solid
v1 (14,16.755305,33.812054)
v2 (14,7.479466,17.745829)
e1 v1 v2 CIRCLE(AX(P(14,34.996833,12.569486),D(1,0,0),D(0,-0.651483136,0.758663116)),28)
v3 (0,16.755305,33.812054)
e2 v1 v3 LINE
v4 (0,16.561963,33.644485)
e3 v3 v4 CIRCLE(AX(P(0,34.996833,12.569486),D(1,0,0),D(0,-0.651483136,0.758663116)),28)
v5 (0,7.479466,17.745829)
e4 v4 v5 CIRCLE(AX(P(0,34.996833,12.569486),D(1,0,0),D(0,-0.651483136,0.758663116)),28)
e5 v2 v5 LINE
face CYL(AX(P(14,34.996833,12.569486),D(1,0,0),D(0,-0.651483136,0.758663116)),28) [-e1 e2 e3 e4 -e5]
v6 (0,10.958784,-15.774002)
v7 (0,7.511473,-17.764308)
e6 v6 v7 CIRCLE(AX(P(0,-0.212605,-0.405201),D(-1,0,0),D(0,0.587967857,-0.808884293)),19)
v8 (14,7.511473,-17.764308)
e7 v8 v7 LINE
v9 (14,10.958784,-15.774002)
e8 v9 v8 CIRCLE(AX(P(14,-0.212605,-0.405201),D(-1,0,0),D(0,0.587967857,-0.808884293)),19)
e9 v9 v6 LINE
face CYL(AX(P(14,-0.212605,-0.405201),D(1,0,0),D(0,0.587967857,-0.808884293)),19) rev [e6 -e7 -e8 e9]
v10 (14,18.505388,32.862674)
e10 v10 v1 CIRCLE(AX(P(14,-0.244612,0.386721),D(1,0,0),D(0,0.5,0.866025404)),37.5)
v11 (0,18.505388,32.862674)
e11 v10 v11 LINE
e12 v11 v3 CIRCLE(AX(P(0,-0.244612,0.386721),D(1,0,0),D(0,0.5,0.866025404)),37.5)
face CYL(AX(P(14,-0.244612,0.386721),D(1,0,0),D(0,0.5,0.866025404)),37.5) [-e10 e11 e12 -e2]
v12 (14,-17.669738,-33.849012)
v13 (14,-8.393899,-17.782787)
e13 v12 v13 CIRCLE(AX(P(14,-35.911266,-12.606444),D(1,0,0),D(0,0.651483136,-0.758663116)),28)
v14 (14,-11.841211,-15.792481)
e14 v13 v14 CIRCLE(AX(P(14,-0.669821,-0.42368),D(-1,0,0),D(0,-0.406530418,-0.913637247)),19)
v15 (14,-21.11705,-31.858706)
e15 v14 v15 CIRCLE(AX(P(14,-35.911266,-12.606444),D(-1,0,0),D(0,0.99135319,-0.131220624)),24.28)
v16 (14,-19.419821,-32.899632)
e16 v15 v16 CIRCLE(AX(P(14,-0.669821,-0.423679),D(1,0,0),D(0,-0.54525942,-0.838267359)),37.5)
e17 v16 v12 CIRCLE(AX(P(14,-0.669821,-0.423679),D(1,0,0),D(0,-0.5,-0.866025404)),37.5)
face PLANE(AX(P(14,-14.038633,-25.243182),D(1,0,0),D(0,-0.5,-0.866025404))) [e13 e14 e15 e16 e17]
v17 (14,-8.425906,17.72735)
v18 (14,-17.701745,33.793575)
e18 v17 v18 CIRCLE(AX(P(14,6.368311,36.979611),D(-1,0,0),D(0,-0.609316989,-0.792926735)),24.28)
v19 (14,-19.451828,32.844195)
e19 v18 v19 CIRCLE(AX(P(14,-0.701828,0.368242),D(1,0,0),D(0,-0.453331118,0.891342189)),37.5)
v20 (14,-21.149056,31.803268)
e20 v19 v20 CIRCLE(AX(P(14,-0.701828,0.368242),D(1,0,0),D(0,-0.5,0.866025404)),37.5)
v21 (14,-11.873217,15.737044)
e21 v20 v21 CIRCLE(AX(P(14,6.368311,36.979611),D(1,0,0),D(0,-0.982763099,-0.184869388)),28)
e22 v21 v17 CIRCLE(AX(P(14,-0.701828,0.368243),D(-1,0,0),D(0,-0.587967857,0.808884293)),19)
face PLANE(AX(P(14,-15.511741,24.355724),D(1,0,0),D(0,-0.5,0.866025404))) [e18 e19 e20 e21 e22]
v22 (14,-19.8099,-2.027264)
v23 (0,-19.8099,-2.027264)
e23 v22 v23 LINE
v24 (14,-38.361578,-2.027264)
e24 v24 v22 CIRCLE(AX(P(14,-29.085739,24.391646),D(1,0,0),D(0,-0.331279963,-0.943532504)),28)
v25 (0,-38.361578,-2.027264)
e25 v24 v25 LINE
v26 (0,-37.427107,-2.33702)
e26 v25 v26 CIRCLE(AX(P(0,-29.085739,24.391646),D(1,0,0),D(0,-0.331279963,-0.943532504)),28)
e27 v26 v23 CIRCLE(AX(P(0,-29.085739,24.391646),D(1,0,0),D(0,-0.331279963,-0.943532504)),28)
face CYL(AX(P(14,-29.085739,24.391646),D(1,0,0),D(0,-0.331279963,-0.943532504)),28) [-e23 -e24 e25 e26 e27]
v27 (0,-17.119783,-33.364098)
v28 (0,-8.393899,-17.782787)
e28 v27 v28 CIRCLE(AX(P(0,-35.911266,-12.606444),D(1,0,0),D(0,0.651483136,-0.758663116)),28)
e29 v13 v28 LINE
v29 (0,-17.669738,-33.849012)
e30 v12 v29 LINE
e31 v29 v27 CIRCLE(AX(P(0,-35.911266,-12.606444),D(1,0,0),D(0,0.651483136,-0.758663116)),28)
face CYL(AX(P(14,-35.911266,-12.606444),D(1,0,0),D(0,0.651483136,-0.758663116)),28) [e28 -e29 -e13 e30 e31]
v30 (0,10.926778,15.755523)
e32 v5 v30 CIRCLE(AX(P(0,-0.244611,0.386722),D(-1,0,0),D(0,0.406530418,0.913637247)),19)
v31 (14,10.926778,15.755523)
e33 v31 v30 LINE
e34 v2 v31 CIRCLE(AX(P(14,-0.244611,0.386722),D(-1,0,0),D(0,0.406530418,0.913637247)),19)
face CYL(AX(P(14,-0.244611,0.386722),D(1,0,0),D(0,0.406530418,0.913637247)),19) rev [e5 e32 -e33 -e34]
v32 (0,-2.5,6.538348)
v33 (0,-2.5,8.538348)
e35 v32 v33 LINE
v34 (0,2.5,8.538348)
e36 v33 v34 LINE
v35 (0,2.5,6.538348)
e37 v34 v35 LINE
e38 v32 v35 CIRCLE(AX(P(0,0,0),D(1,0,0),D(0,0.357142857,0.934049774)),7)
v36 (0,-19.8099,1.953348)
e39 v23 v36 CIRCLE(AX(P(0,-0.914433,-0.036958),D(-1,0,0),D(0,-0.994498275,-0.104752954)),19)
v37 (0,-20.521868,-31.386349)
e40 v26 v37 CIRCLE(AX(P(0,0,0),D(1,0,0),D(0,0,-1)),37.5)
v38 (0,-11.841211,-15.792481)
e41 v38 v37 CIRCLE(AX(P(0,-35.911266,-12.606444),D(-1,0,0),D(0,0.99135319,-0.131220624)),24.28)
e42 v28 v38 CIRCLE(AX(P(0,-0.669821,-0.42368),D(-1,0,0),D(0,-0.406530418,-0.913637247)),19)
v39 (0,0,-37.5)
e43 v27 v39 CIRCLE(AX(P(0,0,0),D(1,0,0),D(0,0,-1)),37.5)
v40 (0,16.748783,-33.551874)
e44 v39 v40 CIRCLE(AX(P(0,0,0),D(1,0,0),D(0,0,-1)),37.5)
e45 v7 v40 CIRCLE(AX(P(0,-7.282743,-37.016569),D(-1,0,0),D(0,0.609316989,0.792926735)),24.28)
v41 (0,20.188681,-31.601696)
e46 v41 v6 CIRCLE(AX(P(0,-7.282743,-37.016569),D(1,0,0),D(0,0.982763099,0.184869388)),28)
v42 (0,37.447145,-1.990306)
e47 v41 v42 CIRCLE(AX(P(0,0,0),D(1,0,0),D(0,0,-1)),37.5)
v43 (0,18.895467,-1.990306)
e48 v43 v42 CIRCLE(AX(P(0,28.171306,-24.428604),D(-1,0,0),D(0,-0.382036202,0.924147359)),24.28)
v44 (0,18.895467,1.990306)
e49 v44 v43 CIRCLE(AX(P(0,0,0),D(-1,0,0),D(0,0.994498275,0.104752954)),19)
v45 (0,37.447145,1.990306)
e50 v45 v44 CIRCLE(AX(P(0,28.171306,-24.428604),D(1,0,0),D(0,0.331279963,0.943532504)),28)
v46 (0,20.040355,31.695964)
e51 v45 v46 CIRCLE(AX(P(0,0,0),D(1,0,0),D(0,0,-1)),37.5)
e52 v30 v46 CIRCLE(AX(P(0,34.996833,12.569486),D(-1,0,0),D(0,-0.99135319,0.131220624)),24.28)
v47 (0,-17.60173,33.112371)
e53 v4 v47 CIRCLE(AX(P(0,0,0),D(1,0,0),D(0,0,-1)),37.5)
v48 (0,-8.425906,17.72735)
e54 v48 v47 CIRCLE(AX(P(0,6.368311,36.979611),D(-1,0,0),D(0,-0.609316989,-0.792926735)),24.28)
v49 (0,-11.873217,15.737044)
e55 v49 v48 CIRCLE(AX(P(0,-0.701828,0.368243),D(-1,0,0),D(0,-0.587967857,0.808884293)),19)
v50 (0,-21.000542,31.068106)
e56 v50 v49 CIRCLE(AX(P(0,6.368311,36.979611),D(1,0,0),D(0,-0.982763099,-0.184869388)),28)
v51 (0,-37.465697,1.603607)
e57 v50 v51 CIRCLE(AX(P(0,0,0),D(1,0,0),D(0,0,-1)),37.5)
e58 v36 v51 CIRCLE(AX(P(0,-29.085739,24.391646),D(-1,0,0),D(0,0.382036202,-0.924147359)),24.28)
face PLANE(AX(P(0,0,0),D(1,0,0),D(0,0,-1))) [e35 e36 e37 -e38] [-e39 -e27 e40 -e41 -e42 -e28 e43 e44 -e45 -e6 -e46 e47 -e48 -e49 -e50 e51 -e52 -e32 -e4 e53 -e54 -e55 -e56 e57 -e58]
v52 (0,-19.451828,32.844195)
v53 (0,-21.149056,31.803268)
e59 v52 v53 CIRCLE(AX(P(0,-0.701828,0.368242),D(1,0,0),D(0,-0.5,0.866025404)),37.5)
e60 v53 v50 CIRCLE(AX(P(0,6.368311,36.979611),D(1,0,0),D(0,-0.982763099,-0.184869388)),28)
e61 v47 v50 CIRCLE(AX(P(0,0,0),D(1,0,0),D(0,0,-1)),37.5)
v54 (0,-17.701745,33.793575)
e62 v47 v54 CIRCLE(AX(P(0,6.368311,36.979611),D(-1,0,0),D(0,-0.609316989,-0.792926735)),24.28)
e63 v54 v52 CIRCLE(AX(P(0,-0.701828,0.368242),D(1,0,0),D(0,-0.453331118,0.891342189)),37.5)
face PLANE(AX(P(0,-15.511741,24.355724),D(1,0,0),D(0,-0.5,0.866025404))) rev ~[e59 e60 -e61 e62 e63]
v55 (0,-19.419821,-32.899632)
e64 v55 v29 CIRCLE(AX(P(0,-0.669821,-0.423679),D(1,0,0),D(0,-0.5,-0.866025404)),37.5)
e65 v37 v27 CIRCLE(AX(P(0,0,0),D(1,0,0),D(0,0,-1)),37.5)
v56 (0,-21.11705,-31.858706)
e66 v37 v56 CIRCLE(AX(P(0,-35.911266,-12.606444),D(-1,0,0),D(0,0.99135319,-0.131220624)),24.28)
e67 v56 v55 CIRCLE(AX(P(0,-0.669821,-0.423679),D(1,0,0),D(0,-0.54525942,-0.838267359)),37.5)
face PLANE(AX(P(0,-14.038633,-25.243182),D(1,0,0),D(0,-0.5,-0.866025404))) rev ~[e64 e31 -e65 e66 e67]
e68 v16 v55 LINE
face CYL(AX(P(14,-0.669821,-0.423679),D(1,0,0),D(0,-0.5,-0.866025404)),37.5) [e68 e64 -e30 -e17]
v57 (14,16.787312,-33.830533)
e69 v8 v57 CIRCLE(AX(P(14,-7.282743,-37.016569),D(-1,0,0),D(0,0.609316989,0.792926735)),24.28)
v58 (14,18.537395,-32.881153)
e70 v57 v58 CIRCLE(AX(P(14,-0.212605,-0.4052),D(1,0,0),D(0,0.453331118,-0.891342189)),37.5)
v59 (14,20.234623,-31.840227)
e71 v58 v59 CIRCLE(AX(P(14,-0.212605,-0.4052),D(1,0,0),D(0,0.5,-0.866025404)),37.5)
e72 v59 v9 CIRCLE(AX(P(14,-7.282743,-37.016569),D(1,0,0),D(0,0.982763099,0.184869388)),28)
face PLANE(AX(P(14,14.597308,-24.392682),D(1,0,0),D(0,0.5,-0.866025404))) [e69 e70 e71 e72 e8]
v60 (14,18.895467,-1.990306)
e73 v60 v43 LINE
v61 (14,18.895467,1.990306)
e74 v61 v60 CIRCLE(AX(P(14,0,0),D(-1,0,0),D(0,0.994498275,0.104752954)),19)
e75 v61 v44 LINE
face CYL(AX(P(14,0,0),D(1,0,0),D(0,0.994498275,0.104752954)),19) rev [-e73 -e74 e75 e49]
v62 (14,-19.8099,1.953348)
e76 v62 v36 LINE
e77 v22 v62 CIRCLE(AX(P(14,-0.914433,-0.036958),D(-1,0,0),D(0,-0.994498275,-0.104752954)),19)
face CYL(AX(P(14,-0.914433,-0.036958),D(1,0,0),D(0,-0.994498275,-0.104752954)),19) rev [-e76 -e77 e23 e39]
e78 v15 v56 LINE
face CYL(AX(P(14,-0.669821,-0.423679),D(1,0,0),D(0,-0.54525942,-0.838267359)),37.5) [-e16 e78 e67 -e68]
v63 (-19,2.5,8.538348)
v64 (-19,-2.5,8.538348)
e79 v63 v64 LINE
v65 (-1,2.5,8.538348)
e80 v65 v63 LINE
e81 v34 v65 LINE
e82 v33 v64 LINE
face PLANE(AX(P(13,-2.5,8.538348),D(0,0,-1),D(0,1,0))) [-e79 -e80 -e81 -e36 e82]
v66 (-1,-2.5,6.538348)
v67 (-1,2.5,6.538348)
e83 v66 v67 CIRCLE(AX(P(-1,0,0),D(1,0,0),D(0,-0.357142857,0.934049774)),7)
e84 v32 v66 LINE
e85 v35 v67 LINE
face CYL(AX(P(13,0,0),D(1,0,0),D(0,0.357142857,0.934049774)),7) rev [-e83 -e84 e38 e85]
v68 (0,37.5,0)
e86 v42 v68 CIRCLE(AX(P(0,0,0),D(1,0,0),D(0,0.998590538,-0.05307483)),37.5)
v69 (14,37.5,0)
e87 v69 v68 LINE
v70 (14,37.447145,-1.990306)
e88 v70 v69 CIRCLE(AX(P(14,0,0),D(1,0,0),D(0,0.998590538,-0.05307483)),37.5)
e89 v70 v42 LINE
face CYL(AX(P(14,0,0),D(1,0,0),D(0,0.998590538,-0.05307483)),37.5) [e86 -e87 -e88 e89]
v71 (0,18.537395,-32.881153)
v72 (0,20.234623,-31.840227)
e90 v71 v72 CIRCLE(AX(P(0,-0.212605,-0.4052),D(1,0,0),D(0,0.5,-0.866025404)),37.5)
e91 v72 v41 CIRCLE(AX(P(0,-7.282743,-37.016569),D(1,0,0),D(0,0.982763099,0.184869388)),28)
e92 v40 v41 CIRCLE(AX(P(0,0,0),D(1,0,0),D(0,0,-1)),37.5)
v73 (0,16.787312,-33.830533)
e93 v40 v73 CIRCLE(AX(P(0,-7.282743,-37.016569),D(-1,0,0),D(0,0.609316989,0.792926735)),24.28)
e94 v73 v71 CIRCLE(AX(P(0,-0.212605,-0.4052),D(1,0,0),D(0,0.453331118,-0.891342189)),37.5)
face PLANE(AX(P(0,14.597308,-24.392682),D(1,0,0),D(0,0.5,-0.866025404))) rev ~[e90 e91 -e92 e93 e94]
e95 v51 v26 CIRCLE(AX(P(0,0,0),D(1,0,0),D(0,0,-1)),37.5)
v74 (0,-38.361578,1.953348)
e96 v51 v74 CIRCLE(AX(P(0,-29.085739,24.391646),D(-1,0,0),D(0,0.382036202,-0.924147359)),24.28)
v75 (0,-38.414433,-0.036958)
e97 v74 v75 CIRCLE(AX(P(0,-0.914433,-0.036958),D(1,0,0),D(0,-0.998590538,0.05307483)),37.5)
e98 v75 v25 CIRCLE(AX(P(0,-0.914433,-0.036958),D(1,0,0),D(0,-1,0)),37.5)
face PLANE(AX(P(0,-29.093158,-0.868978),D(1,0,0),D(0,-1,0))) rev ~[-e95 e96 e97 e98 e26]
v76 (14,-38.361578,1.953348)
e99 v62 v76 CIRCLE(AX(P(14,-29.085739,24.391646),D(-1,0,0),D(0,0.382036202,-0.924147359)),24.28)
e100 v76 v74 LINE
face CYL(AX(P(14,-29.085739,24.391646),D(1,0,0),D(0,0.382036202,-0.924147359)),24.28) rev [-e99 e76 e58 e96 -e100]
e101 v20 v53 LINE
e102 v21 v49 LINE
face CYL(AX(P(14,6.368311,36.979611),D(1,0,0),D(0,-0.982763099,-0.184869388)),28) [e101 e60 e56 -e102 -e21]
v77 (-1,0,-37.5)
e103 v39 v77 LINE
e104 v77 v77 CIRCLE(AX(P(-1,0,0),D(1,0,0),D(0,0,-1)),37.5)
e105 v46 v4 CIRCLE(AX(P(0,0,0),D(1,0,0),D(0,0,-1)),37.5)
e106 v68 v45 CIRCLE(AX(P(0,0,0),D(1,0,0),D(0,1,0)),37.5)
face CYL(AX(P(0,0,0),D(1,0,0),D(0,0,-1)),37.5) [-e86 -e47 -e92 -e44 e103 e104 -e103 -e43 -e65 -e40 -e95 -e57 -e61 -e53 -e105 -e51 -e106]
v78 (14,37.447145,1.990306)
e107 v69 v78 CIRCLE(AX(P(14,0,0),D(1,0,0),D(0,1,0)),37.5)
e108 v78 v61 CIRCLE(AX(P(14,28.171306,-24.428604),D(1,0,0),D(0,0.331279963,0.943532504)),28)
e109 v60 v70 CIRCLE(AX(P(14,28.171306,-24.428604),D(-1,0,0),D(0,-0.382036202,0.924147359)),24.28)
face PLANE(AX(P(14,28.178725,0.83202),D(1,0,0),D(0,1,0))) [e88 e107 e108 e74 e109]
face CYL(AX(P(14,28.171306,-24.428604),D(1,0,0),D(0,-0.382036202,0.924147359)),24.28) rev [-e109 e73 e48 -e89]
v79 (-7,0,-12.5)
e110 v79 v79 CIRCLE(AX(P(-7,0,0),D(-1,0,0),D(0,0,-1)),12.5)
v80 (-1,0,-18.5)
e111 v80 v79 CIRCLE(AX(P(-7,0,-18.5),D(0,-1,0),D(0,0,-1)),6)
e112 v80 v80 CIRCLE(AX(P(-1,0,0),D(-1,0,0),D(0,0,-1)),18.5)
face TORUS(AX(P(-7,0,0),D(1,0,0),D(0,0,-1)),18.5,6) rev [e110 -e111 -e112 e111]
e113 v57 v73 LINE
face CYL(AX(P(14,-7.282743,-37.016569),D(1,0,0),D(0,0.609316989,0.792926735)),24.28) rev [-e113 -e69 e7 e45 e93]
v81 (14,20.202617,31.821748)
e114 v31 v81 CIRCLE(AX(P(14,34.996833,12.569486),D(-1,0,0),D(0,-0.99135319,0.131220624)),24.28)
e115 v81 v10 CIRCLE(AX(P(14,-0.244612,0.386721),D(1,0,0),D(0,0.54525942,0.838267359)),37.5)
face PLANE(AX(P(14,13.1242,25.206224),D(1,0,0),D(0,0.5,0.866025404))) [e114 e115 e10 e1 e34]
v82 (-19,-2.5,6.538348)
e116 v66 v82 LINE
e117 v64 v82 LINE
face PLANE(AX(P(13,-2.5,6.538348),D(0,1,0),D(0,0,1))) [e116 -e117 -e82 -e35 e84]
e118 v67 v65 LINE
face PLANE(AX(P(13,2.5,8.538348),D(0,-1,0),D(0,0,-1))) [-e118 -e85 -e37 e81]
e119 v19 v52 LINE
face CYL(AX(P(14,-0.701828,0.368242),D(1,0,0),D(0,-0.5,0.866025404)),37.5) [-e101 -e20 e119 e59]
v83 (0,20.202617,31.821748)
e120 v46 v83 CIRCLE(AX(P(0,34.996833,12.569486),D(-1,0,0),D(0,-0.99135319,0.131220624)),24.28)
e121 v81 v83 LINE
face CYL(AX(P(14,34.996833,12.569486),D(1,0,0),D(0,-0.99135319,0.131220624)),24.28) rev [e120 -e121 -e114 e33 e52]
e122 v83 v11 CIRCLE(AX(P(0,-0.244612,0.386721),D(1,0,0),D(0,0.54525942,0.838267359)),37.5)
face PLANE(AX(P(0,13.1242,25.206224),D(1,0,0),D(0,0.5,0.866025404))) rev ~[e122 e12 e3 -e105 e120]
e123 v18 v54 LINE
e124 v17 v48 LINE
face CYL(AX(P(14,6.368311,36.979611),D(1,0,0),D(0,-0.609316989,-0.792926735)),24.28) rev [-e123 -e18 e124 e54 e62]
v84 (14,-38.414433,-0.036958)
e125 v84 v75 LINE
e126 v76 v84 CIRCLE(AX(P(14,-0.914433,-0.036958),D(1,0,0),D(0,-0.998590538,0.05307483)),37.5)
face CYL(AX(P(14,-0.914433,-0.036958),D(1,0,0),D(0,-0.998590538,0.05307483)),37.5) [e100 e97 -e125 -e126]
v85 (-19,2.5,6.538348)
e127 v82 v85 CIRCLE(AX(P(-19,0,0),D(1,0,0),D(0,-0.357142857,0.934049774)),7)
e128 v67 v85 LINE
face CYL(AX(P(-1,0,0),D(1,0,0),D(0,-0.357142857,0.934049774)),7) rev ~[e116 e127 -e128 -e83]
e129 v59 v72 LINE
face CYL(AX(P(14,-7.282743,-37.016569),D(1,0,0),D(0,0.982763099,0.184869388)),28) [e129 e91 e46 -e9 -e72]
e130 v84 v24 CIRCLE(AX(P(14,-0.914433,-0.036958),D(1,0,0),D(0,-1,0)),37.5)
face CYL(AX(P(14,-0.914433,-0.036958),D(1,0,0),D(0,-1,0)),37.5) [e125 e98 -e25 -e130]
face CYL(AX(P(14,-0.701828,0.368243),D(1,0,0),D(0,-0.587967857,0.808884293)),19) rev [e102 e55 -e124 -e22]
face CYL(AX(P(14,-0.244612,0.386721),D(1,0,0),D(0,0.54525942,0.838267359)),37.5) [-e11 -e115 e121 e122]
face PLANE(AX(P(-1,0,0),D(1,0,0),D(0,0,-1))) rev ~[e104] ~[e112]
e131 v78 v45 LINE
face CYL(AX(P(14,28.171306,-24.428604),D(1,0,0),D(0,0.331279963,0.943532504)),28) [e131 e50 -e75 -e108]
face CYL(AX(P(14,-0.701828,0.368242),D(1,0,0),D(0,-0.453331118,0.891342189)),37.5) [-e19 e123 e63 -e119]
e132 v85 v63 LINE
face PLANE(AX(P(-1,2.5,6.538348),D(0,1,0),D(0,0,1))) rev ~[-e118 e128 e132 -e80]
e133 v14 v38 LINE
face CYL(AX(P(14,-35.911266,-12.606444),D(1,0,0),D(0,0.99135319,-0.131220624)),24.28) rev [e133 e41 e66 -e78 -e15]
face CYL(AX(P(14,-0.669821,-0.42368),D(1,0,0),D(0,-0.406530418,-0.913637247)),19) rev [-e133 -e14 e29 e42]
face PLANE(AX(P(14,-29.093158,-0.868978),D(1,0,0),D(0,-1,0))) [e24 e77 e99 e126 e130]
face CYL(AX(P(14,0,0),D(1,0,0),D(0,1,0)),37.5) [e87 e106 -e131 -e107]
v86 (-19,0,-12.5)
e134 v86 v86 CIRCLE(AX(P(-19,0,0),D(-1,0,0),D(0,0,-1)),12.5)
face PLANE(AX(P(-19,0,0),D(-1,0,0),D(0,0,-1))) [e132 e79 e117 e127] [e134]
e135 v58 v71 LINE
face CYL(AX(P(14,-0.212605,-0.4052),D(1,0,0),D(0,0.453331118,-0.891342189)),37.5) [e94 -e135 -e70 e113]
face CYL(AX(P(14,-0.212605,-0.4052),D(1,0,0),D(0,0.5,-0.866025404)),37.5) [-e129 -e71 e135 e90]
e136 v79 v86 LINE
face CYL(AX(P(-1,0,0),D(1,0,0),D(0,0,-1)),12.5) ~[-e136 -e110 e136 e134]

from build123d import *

# Parameters (mm, degrees)
SKETCH3_R           = 37.5
BOSS_EXTRUDE1_DEPTH = 1
SKETCH4_R           = 12.5
BOSS_EXTRUDE2_DEPTH = 18
FILLET1_R           = 6
BOSS_EXTRUDE4_START = 14
BOSS_EXTRUDE4_DEPTH = 14
CIRPATTERN1_COUNT   = 6
CUT_EXTRUDE1_START  = -14
CUT_EXTRUDE1_DEPTH  = 14


with BuildPart() as part:
    # Sketch3 → Boss-Extrude1 (new body)
    with BuildSketch(Plane.YZ):
        with Locations(Location((0, 0, 0), (0, 0, 270))):
            Circle(SKETCH3_R)
    extrude(amount=-BOSS_EXTRUDE1_DEPTH)

    # Sketch4 → Boss-Extrude2 (add)
    with BuildSketch(Plane(origin=(-1, 0, 0), x_dir=(0, -1, 0), z_dir=(-1, 0, 0))):
        with Locations(Location((0, 0, 0), (0, 0, 270))):
            Circle(SKETCH4_R)
        with BuildLine():
            Line((-2.5, 8.538348415), (2.5, 8.538348415))
            Line((2.5, 8.538348415), (2.5, 6.538348415))
            ThreePointArc((2.5, 6.538348415), (0, -7), (-2.5, 6.538348415))
            Line((-2.5, 6.538348415), (-2.5, 8.538348415))
        make_face(mode=Mode.SUBTRACT)
    extrude(amount=BOSS_EXTRUDE2_DEPTH)

    # Fillet1
    fillet1_edges = [part.edges().sort_by_distance(p)[0] for p in [
        (-1, 0, 12.5),
    ]]
    fillet(fillet1_edges, radius=FILLET1_R)

    # Sketch7 → Boss-Extrude4 (add)
    with BuildSketch(Plane.YZ.offset(BOSS_EXTRUDE4_START)):
        with BuildLine():
            ThreePointArc((37.447145172, -1.990306119), (37.486783964, -0.995503903), (37.5, 0))
            ThreePointArc((37.5, 0), (37.486783964, 0.995503903), (37.447145172, 1.990306119))
            ThreePointArc((37.447145172, 1.990306119), (28.171306197, 3.571396011), (18.895467222, 1.990306119))
            ThreePointArc((18.895467222, 1.990306119), (19, 0), (18.895467222, -1.990306119))
            ThreePointArc((18.895467222, -1.990306119), (28.171306197, -0.148603989), (37.447145172, -1.990306119))
        make_face()
    boss_extrude4 = extrude(amount=-BOSS_EXTRUDE4_DEPTH)

    # CirPattern1: Boss-Extrude4 ×6 about axis
    cirpattern1_axis = Axis((0, -0.457216439, -0.018479017), (1, 0, 0))
    for i in range(1, CIRPATTERN1_COUNT):
        add(boss_extrude4.rotate(cirpattern1_axis, i * 360 / CIRPATTERN1_COUNT))

    # Sketch4<2> → Cut-Extrude1 (cut)
    with BuildSketch(Plane(origin=(-1, 0, 0), x_dir=(0, -1, 0), z_dir=(-1, 0, 0)).offset(CUT_EXTRUDE1_START)):
        with BuildLine():
            Line((-2.5, 8.538348415), (-2.5, 6.538348415))
            ThreePointArc((-2.5, 6.538348415), (0, -7), (2.5, 6.538348415))
            Line((2.5, 6.538348415), (2.5, 8.538348415))
            Line((2.5, 8.538348415), (-2.5, 8.538348415))
        make_face()
    extrude(amount=CUT_EXTRUDE1_DEPTH, mode=Mode.SUBTRACT)


solid = part.part
